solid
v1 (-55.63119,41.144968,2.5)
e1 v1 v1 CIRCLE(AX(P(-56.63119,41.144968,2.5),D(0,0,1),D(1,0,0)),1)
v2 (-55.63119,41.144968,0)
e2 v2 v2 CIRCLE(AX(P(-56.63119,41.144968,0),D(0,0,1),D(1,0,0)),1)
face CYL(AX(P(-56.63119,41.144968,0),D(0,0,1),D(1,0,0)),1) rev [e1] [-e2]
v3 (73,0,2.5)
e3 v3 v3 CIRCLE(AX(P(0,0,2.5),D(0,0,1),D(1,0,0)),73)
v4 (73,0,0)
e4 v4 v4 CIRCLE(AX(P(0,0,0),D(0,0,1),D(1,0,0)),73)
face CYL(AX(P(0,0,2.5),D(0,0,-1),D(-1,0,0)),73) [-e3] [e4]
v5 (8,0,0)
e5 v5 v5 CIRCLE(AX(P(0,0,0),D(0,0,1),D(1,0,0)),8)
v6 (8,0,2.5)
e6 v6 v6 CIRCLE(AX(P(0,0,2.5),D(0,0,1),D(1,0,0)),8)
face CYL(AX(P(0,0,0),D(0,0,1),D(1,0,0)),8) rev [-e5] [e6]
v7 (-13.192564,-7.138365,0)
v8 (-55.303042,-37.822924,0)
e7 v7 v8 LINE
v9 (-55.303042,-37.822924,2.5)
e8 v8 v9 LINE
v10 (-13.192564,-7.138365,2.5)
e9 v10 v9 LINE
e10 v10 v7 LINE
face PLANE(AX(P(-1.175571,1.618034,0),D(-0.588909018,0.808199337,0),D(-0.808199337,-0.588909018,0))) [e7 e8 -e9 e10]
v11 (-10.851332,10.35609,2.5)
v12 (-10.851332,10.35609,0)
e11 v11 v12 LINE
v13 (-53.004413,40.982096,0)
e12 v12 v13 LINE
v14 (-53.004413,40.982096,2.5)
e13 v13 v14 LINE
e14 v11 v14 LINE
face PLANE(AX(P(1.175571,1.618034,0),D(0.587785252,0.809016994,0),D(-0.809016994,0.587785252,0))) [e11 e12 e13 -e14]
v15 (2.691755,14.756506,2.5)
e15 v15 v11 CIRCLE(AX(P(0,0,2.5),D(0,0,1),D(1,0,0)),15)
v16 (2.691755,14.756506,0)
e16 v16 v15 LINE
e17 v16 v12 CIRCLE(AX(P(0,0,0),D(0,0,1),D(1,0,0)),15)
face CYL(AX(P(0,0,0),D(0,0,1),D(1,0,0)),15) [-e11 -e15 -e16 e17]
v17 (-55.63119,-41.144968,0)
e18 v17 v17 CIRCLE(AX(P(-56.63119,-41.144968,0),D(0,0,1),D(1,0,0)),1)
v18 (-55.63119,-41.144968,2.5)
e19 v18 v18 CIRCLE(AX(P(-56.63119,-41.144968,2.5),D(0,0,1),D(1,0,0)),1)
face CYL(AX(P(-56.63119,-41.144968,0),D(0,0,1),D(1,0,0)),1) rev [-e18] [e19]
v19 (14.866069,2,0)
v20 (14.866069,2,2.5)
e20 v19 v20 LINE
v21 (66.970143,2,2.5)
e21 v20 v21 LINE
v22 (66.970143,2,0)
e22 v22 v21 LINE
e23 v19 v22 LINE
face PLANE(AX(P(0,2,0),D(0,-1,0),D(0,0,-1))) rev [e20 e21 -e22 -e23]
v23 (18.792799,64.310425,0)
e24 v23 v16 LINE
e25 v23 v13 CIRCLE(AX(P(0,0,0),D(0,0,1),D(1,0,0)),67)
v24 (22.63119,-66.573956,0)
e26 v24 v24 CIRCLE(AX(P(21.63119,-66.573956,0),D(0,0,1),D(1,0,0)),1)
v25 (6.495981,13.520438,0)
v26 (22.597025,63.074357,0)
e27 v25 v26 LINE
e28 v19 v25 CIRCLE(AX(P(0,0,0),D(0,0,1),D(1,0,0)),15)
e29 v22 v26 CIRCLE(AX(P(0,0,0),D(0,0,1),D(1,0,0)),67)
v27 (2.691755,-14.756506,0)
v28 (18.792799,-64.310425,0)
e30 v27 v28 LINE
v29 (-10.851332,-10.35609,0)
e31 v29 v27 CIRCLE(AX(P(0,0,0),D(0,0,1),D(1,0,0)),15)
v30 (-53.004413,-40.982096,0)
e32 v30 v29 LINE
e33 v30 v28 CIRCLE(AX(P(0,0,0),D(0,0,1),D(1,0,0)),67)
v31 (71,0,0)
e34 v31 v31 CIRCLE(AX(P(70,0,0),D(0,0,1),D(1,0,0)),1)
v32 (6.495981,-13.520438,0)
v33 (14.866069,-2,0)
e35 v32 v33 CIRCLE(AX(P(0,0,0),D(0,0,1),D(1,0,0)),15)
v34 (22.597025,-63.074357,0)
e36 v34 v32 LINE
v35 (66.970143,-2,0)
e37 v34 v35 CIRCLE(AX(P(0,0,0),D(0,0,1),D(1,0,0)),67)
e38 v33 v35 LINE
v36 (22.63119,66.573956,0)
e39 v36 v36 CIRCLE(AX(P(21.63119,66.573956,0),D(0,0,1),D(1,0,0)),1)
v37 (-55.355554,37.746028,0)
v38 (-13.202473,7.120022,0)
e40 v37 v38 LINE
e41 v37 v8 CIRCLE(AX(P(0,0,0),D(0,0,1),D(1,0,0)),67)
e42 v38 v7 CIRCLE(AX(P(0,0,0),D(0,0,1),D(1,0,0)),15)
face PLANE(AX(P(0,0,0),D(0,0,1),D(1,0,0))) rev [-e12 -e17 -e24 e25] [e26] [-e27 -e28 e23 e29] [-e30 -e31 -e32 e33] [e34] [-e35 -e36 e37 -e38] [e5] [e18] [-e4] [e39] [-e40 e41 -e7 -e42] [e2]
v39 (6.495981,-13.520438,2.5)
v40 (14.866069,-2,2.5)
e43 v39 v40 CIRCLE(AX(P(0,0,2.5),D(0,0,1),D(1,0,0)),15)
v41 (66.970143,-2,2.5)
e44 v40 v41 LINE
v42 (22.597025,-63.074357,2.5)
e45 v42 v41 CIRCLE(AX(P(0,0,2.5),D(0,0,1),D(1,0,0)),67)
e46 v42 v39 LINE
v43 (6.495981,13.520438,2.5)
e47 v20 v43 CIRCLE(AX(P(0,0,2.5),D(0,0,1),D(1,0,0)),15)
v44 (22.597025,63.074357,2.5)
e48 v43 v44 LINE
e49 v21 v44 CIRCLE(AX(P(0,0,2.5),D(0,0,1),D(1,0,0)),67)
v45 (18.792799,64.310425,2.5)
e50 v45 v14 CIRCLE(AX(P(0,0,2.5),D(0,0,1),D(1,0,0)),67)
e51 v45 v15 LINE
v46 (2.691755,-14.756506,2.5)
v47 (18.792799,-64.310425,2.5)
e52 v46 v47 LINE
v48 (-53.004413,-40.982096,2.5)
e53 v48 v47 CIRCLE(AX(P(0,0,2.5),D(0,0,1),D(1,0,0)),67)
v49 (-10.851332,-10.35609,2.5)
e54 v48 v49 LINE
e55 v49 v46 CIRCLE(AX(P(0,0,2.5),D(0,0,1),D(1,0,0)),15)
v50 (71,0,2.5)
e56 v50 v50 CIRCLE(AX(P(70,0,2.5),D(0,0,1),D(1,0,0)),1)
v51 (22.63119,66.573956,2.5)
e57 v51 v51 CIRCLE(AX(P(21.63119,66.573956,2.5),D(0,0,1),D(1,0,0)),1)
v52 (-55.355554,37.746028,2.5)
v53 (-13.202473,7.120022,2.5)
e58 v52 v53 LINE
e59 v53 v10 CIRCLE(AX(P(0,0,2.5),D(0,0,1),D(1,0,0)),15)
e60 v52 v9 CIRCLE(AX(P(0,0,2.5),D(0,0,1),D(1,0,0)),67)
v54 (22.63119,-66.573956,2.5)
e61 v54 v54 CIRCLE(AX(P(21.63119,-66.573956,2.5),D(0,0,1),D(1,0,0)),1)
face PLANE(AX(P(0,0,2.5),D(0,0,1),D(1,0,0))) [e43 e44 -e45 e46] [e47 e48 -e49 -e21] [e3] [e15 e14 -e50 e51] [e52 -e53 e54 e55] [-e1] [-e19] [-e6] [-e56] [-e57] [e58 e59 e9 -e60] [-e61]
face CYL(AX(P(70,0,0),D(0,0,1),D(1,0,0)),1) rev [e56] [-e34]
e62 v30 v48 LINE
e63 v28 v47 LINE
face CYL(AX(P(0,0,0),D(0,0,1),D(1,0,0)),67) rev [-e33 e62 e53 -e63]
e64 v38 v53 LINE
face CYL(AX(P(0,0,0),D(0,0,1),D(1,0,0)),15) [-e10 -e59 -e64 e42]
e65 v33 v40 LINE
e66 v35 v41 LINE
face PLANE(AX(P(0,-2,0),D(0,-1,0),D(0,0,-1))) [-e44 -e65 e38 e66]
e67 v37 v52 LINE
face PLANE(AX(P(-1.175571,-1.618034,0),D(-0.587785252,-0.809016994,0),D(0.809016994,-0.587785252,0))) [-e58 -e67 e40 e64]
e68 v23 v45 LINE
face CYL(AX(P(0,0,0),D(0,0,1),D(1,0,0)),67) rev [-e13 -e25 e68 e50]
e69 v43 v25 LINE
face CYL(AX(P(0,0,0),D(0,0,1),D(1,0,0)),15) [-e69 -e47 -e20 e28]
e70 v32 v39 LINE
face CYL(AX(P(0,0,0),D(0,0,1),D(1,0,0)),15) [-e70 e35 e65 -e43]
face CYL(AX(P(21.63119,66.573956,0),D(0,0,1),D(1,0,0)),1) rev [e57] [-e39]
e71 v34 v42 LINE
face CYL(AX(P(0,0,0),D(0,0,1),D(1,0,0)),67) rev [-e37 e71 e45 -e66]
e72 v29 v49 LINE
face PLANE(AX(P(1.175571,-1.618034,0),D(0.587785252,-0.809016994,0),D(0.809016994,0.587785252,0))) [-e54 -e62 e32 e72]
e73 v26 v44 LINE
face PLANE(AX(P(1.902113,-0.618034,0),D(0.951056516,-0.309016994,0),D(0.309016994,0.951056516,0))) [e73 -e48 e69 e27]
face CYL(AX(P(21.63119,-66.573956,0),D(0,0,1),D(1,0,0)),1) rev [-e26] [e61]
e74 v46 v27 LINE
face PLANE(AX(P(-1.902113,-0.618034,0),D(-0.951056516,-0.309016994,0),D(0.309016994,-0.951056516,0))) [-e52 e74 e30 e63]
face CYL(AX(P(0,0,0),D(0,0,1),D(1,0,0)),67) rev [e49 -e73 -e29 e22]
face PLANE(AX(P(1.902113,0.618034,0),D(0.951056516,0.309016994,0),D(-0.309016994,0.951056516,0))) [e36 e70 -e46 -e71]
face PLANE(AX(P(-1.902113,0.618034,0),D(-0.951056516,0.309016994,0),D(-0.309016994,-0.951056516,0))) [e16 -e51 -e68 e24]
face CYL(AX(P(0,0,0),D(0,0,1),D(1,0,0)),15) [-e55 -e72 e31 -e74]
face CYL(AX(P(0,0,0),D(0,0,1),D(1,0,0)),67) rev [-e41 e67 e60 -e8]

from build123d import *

# Parameters (mm, degrees)
SKETCH_3_R          = 73
EXTRUDE_3_DEPTH     = 2.5
SKETCH_5_R          = 67
CUT_EXTRUDE_1_DEPTH = 2.5
SKETCH_6_R          = 15
EXTRUDE_4_DEPTH     = 2.5
SKETCH_7_R          = 8
CUT_EXTRUDE_2_DEPTH = 2.5
EXTRUDE_6_DEPTH     = 2.5
EXTRUDE_7_DEPTH     = 2.5
EXTRUDE_8_DEPTH     = 2.5
EXTRUDE_9_DEPTH     = 2.5
EXTRUDE_10_DEPTH    = 2.5
SKETCH_14_R         = 8
CUT_EXTRUDE_3_DEPTH = 2.5
SKETCH_15_R         = 1
CUT_EXTRUDE_4_DEPTH = 2.5


with BuildPart() as part:
    # 草图3 → 凸台-拉伸3 (new body)
    with BuildSketch(Plane.XY):
        Circle(SKETCH_3_R)
    extrude(amount=EXTRUDE_3_DEPTH)

    # 草图5 → 切除-拉伸1 (cut)
    with BuildSketch(Plane.XY.offset(2.5)):
        Circle(SKETCH_5_R)
    extrude(amount=-CUT_EXTRUDE_1_DEPTH, mode=Mode.SUBTRACT)



with BuildPart() as body_2:
    # 草图6 → 凸台-拉伸4 (new body)
    with BuildSketch(Plane.XY.offset(2.5)):
        Circle(SKETCH_6_R)
    extrude(amount=-EXTRUDE_4_DEPTH)

    # 草图7 → 切除-拉伸2 (cut)
    with BuildSketch(Plane.XY.offset(2.5)):
        Circle(SKETCH_7_R)
    extrude(amount=-CUT_EXTRUDE_2_DEPTH, mode=Mode.SUBTRACT)


with BuildPart() as part_1:
    add(part.part)

    add(body_2.part)  # 凸台-拉伸6 merges body 2
    # 草图9 → 凸台-拉伸6 (add)
    with BuildSketch(Plane.XY.offset(2.5)):
        with BuildLine():
            Line((0, 2), (0, 0))
            Line((0, 0), (0, -2))
            Line((0, -2), (66.970142601, -2))
            ThreePointArc((66.970142601, -2), (67, 0), (66.970142601, 2))
            Line((66.970142601, 2), (0, 2))
        make_face()
    extrude(amount=-EXTRUDE_6_DEPTH)

    # 草图10 → 凸台-拉伸7 (add)
    with BuildSketch(Plane.XY.offset(2.5)):
        with BuildLine():
            Line((1.902113033, -0.618033989), (0, 0))
            Line((0, 0), (-1.902113033, 0.618033989))
            Line((-1.902113033, 0.618033989), (18.792799147, 64.310424507))
            ThreePointArc((18.792799147, 64.310424507), (20.704138623, 63.720786592), (22.597025212, 63.074356529))
            Line((22.597025212, 63.074356529), (1.902113033, -0.618033989))
        make_face()
    extrude(amount=-EXTRUDE_7_DEPTH)

    # 草图11 → 凸台-拉伸8 (add)
    with BuildSketch(Plane.XY.offset(2.5)):
        with BuildLine():
            Line((0, 0), (1.175570505, 1.618033989))
            Line((1.175570505, 1.618033989), (-53.004412975, 40.982096154))
            ThreePointArc((-53.004412975, 40.982096154), (-54.204138623, 39.381611904), (-55.355553985, 37.746028176))
            Line((-55.355553985, 37.746028176), (-1.175570505, -1.618033989))
            Line((-1.175570505, -1.618033989), (0, 0))
        make_face()
    extrude(amount=-EXTRUDE_8_DEPTH)

    # 草图12 → 凸台-拉伸9 (add)
    with BuildSketch(Plane.XY.offset(2.5)):
        with BuildLine():
            Line((0, 0), (1.175570505, -1.618033989))
            Line((1.175570505, -1.618033989), (-53.004412975, -40.982096154))
            ThreePointArc((-53.004412975, -40.982096154), (-54.176759621, -39.419268347), (-55.30304181, -37.822923823))
            Line((-55.30304181, -37.822923823), (-1.175570505, 1.618033989))
            Line((-1.175570505, 1.618033989), (0, 0))
        make_face()
    extrude(amount=-EXTRUDE_9_DEPTH)

    # 草图13 → 凸台-拉伸10 (add)
    with BuildSketch(Plane.XY.offset(2.5)):
        with BuildLine():
            Line((0, 0), (1.902113033, 0.618033989))
            Line((1.902113033, 0.618033989), (22.597025212, -63.074356529))
            ThreePointArc((22.597025212, -63.074356529), (20.704138623, -63.720786592), (18.792799147, -64.310424507))
            Line((18.792799147, -64.310424507), (-1.902113033, -0.618033989))
            Line((-1.902113033, -0.618033989), (0, 0))
        make_face()
    extrude(amount=-EXTRUDE_10_DEPTH)

    # 草图14 → 切除-拉伸3 (cut)
    with BuildSketch(Plane.XY.offset(2.5)):
        Circle(SKETCH_14_R)
    extrude(amount=-CUT_EXTRUDE_3_DEPTH, mode=Mode.SUBTRACT)

    # 草图15 → 切除-拉伸4 (cut)
    with BuildSketch(Plane.XY.offset(2.5)):
        with Locations((70, 0)):
            Circle(SKETCH_15_R)
        with Locations((21.631189606, 66.573956141)):
            Circle(SKETCH_15_R)
        with Locations((-56.631189606, 41.14496766)):
            Circle(SKETCH_15_R)
        with Locations((-56.631189606, -41.14496766)):
            Circle(SKETCH_15_R)
        with Locations((21.631189606, -66.573956141)):
            Circle(SKETCH_15_R)
    extrude(amount=-CUT_EXTRUDE_4_DEPTH, mode=Mode.SUBTRACT)


solid = part_1.part
